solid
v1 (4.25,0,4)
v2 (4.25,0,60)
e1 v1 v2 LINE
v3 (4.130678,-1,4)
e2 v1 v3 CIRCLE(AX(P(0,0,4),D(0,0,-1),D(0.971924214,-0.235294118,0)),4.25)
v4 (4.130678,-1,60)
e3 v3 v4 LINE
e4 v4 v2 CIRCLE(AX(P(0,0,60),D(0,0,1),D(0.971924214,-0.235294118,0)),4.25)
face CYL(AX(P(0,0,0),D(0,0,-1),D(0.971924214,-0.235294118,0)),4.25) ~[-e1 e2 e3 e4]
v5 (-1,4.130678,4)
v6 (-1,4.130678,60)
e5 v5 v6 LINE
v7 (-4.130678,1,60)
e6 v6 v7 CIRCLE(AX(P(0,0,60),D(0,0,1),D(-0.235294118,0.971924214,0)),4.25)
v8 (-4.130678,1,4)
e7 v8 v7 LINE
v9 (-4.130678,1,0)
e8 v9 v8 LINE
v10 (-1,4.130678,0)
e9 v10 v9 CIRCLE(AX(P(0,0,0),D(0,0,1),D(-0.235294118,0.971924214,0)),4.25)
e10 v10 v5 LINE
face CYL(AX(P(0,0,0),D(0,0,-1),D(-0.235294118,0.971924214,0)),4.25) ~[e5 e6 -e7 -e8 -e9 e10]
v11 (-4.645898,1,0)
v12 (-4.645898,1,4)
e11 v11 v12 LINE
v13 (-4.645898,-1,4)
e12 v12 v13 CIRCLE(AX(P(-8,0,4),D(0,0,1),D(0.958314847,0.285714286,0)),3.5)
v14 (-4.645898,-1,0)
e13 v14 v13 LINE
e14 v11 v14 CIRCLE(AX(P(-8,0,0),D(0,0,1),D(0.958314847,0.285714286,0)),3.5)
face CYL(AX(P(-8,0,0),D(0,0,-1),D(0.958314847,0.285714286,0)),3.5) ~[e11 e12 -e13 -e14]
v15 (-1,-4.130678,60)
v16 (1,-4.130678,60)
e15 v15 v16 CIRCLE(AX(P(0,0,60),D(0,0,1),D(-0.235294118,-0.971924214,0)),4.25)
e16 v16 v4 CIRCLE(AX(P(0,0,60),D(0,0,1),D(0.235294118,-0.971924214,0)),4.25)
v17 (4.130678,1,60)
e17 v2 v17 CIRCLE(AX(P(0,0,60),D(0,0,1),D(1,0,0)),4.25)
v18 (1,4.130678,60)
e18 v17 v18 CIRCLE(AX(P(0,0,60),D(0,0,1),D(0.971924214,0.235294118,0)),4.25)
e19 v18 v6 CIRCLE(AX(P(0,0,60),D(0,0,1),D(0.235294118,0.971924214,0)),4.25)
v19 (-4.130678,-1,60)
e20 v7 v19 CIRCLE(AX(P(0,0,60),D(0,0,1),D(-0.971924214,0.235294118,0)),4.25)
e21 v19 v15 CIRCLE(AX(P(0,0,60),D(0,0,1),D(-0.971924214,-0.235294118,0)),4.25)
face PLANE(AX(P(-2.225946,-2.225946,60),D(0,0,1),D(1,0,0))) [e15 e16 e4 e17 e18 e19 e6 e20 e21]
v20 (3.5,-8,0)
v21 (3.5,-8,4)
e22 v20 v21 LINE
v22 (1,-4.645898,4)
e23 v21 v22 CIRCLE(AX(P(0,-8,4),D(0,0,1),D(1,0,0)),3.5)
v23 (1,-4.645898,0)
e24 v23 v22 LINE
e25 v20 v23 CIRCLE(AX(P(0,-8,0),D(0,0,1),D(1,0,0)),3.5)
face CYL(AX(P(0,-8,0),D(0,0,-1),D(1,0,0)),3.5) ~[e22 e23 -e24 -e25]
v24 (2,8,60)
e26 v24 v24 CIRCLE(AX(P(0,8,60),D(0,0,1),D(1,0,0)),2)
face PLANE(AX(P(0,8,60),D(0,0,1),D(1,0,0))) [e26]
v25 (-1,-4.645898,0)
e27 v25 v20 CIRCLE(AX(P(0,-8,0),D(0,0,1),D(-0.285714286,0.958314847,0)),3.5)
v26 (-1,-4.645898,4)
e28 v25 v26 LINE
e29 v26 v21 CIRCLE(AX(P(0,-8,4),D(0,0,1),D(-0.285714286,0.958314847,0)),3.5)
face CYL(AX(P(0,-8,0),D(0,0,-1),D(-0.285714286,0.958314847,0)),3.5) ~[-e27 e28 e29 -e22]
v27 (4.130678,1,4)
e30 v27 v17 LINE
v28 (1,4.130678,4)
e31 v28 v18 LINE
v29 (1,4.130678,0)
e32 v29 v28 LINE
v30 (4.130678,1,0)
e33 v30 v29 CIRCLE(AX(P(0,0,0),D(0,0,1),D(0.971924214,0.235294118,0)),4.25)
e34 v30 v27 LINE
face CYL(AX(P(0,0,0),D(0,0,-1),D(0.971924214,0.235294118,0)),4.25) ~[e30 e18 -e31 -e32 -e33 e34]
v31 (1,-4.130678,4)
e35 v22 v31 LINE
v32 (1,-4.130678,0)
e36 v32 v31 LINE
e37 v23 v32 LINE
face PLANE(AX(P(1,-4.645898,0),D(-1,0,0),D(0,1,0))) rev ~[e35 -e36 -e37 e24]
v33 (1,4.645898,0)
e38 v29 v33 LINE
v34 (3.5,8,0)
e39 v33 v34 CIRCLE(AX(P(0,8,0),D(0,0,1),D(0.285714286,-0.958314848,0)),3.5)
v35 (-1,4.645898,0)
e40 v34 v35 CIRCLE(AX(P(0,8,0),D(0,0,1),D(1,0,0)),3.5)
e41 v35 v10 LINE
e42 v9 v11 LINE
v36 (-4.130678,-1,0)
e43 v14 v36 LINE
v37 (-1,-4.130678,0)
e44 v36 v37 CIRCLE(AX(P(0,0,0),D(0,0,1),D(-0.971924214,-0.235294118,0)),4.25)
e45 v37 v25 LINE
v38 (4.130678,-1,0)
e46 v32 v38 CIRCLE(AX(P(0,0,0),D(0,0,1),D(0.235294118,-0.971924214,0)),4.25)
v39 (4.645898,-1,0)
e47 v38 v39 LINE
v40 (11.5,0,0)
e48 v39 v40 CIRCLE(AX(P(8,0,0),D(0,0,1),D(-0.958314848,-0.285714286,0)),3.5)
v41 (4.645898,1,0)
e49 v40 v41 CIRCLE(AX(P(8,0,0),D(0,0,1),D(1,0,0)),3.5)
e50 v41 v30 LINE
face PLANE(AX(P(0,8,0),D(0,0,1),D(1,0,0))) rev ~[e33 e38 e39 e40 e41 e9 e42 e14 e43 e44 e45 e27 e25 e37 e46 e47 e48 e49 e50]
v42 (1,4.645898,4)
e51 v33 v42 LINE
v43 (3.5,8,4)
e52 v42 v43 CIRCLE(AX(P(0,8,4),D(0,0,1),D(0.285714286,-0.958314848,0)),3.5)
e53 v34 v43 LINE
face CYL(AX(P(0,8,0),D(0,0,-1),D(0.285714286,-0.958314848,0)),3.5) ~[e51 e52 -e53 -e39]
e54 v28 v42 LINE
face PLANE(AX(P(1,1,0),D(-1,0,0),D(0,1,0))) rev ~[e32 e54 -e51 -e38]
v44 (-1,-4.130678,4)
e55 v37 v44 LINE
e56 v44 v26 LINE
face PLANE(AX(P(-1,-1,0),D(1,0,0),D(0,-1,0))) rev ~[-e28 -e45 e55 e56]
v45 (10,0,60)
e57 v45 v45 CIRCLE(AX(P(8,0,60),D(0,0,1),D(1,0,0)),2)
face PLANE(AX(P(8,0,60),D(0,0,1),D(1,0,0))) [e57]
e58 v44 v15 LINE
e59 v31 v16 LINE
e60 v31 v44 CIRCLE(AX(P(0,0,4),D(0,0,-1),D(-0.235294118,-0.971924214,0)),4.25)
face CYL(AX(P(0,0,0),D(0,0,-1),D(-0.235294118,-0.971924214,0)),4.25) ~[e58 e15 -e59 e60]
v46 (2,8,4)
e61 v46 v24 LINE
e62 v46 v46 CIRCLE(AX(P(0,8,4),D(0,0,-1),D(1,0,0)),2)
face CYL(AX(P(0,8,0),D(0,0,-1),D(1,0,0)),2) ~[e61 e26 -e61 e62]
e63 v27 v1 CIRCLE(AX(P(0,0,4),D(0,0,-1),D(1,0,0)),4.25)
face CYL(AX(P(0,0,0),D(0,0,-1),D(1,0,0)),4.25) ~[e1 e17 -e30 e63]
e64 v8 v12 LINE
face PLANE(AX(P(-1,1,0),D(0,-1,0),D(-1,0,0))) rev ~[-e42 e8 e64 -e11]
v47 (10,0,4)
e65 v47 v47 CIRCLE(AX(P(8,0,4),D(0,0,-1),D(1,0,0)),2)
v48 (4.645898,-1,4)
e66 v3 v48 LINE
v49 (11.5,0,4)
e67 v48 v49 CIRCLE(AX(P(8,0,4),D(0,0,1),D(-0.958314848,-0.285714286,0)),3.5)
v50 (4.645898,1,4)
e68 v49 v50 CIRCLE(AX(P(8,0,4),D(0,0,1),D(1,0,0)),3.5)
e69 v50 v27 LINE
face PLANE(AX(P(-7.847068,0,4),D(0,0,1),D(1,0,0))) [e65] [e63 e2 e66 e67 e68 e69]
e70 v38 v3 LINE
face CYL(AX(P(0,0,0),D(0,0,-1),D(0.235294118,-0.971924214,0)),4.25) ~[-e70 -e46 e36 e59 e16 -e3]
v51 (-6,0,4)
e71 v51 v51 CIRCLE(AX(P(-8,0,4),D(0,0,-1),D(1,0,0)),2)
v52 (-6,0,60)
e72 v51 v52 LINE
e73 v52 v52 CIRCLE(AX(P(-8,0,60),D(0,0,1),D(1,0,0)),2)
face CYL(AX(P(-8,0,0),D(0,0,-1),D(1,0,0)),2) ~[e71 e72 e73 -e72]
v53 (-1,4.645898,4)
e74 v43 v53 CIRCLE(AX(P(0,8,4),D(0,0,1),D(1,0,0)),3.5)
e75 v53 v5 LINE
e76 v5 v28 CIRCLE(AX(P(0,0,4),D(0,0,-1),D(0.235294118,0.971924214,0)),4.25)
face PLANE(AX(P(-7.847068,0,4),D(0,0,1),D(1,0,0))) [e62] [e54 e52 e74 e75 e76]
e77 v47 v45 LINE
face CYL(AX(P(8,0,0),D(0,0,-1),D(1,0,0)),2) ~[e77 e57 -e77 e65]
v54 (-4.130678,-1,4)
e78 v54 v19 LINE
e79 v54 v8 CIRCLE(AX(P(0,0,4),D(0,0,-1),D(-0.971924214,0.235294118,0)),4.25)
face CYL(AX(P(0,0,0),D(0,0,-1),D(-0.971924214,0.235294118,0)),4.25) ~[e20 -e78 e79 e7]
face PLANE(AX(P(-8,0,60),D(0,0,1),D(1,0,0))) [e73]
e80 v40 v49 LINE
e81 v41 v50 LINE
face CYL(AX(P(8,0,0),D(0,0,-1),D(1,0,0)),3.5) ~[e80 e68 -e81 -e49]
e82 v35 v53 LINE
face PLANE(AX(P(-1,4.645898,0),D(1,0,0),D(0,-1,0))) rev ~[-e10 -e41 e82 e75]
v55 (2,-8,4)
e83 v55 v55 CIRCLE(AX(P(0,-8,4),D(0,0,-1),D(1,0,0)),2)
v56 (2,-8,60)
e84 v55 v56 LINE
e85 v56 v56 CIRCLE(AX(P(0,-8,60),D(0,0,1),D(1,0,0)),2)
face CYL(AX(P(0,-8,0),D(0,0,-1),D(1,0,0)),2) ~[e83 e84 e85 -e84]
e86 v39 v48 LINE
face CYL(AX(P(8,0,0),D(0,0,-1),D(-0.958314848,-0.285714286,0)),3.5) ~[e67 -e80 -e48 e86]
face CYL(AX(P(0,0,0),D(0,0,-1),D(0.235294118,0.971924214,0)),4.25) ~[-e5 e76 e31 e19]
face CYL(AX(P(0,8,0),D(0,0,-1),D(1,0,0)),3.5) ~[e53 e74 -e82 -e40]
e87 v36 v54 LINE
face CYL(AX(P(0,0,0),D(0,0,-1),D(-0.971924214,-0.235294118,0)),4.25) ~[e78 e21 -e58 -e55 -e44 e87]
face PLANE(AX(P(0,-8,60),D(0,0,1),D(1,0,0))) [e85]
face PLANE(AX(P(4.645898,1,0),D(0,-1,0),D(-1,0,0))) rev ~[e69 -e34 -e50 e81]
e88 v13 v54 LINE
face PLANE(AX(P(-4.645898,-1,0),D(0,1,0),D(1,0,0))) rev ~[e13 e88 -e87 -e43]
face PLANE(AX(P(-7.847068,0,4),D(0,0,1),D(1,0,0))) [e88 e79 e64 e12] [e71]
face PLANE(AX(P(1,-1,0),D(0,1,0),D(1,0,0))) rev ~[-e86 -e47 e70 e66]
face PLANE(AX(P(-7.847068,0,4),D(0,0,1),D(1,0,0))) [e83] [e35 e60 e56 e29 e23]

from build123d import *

# Parameters (mm, degrees)
F0_R     = 2
F0_W     = 2
F0_H     = 2
F1_DEPTH = 4
F2_DEPTH = 60


with BuildPart() as f1:
    # F0 (on Top) → F1 (new body)
    with BuildSketch(Plane.XY):
        with BuildLine():
            ThreePointArc((-4.5, 0), (-4.5366665709, 0.5052935375), (-4.6458980338, 1))
            ThreePointArc((-4.6458980338, 1), (-11.5, 0), (-4.6458980338, -1))
            ThreePointArc((-4.6458980338, -1), (-4.5366665709, -0.5052935375), (-4.5, 0))
        make_face()
        with Locations((-8, 0)):
            Circle(F0_R, mode=Mode.SUBTRACT)
        with BuildLine():
            ThreePointArc((-1, 4.6458980338), (0, 4.5), (1, 4.6458980338))
            ThreePointArc((1, 4.6458980338), (2.8062430401, 5.9083499337), (3.5, 8))
            ThreePointArc((3.5, 8), (-2.0916500663, 10.8062430401), (-1, 4.6458980338))
        make_face()
        with Locations((0, 8)):
            Circle(F0_R, mode=Mode.SUBTRACT)
        with BuildLine():
            ThreePointArc((11.5, 0), (8.5052935375, 3.4633334291), (4.6458980338, 1))
            ThreePointArc((4.6458980338, 1), (4.5, 0), (4.6458980338, -1))
            ThreePointArc((4.6458980338, -1), (8.5052935375, -3.4633334291), (11.5, 0))
        make_face()
        with Locations((8, 0)):
            Circle(F0_R, mode=Mode.SUBTRACT)
        with BuildLine():
            ThreePointArc((3.5, -8), (2.8062430401, -5.9083499337), (1, -4.6458980338))
            ThreePointArc((1, -4.6458980338), (0, -4.5), (-1, -4.6458980338))
            ThreePointArc((-1, -4.6458980338), (-2.0916500663, -10.8062430401), (3.5, -8))
        make_face()
        with Locations((0, -8)):
            Circle(F0_R, mode=Mode.SUBTRACT)
        with Locations((-8, 0)):
            Circle(F0_R)
        with Locations((0, 8)):
            Circle(F0_R)
        with Locations((8, 0)):
            Circle(F0_R)
        with Locations((0, -8)):
            Circle(F0_R)
        with BuildLine():
            Line((1, 1), (1, 4.1306779105))
            ThreePointArc((1, 4.1306779105), (0, 4.25), (-1, 4.1306779105))
            Line((-1, 4.1306779105), (-1, 1))
            Line((-1, 1), (1, 1))
        make_face()
        with BuildLine():
            ThreePointArc((-1, -4.1306779105), (0, -4.25), (1, -4.1306779105))
            Line((1, -4.1306779105), (1, -1))
            Line((1, -1), (-1, -1))
            Line((-1, -1), (-1, -4.1306779105))
        make_face()
        with BuildLine():
            ThreePointArc((4.1306779105, -1), (4.2200640469, -0.50354686), (4.25, 0))
            ThreePointArc((4.25, 0), (4.2200640469, 0.50354686), (4.1306779105, 1))
            Line((4.1306779105, 1), (1, 1))
            Line((1, 1), (1, -1))
            Line((1, -1), (4.1306779105, -1))
        make_face()
        with BuildLine():
            Line((-1, -1), (-1, 1))
            Line((-1, 1), (-4.1306779105, 1))
            ThreePointArc((-4.1306779105, 1), (-4.25, 0), (-4.1306779105, -1))
            Line((-4.1306779105, -1), (-1, -1))
        make_face()
        Rectangle(F0_W, F0_H)
        with BuildLine():
            ThreePointArc((-4.1306779105, -1), (-4.25, 0), (-4.1306779105, 1))
            Line((-4.1306779105, 1), (-4.6458980338, 1))
            ThreePointArc((-4.6458980338, 1), (-4.5366665709, 0.5052935375), (-4.5, 0))
            ThreePointArc((-4.5, 0), (-4.5366665709, -0.5052935375), (-4.6458980338, -1))
            Line((-4.6458980338, -1), (-4.1306779105, -1))
        make_face()
        with BuildLine():
            ThreePointArc((4.1306779105, 1), (4.2200640469, 0.50354686), (4.25, 0))
            ThreePointArc((4.25, 0), (4.2200640469, -0.50354686), (4.1306779105, -1))
            Line((4.1306779105, -1), (4.6458980338, -1))
            ThreePointArc((4.6458980338, -1), (4.5, 0), (4.6458980338, 1))
            Line((4.6458980338, 1), (4.1306779105, 1))
        make_face()
        with BuildLine():
            Line((1, -4.6458980338), (1, -4.1306779105))
            ThreePointArc((1, -4.1306779105), (0, -4.25), (-1, -4.1306779105))
            Line((-1, -4.1306779105), (-1, -4.6458980338))
            ThreePointArc((-1, -4.6458980338), (0, -4.5), (1, -4.6458980338))
        make_face()
        with BuildLine():
            ThreePointArc((-1, 4.1306779105), (0, 4.25), (1, 4.1306779105))
            Line((1, 4.1306779105), (1, 4.6458980338))
            ThreePointArc((1, 4.6458980338), (0, 4.5), (-1, 4.6458980338))
            Line((-1, 4.6458980338), (-1, 4.1306779105))
        make_face()
    extrude(amount=F1_DEPTH)

    # F0 (on Top) → F2 (join)
    with BuildSketch(Plane.XY):
        with Locations((0, 8)):
            Circle(F0_R)
        with Locations((8, 0)):
            Circle(F0_R)
        with Locations((-8, 0)):
            Circle(F0_R)
        with Locations((0, -8)):
            Circle(F0_R)
        with BuildLine():
            ThreePointArc((-4.1306779105, -1), (-3.00520382, -3.00520382), (-1, -4.1306779105))
            Line((-1, -4.1306779105), (-1, -1))
            Line((-1, -1), (-4.1306779105, -1))
        make_face()
        with BuildLine():
            ThreePointArc((1, -4.1306779105), (3.00520382, -3.00520382), (4.1306779105, -1))
            Line((4.1306779105, -1), (1, -1))
            Line((1, -1), (1, -4.1306779105))
        make_face()
        with BuildLine():
            Line((1, 1), (4.1306779105, 1))
            ThreePointArc((4.1306779105, 1), (3.00520382, 3.00520382), (1, 4.1306779105))
            Line((1, 4.1306779105), (1, 1))
        make_face()
        with BuildLine():
            Line((-1, 1), (-1, 4.1306779105))
            ThreePointArc((-1, 4.1306779105), (-3.00520382, 3.00520382), (-4.1306779105, 1))
            Line((-4.1306779105, 1), (-1, 1))
        make_face()
        with BuildLine():
            Line((1, 1), (1, 4.1306779105))
            ThreePointArc((1, 4.1306779105), (0, 4.25), (-1, 4.1306779105))
            Line((-1, 4.1306779105), (-1, 1))
            Line((-1, 1), (1, 1))
        make_face()
        with BuildLine():
            Line((-1, -1), (-1, 1))
            Line((-1, 1), (-4.1306779105, 1))
            ThreePointArc((-4.1306779105, 1), (-4.25, 0), (-4.1306779105, -1))
            Line((-4.1306779105, -1), (-1, -1))
        make_face()
        with BuildLine():
            ThreePointArc((-1, -4.1306779105), (0, -4.25), (1, -4.1306779105))
            Line((1, -4.1306779105), (1, -1))
            Line((1, -1), (-1, -1))
            Line((-1, -1), (-1, -4.1306779105))
        make_face()
        Rectangle(F0_W, F0_H)
        with BuildLine():
            ThreePointArc((4.1306779105, -1), (4.2200640469, -0.50354686), (4.25, 0))
            ThreePointArc((4.25, 0), (4.2200640469, 0.50354686), (4.1306779105, 1))
            Line((4.1306779105, 1), (1, 1))
            Line((1, 1), (1, -1))
            Line((1, -1), (4.1306779105, -1))
        make_face()
    extrude(amount=F2_DEPTH)


solid = f1.part
